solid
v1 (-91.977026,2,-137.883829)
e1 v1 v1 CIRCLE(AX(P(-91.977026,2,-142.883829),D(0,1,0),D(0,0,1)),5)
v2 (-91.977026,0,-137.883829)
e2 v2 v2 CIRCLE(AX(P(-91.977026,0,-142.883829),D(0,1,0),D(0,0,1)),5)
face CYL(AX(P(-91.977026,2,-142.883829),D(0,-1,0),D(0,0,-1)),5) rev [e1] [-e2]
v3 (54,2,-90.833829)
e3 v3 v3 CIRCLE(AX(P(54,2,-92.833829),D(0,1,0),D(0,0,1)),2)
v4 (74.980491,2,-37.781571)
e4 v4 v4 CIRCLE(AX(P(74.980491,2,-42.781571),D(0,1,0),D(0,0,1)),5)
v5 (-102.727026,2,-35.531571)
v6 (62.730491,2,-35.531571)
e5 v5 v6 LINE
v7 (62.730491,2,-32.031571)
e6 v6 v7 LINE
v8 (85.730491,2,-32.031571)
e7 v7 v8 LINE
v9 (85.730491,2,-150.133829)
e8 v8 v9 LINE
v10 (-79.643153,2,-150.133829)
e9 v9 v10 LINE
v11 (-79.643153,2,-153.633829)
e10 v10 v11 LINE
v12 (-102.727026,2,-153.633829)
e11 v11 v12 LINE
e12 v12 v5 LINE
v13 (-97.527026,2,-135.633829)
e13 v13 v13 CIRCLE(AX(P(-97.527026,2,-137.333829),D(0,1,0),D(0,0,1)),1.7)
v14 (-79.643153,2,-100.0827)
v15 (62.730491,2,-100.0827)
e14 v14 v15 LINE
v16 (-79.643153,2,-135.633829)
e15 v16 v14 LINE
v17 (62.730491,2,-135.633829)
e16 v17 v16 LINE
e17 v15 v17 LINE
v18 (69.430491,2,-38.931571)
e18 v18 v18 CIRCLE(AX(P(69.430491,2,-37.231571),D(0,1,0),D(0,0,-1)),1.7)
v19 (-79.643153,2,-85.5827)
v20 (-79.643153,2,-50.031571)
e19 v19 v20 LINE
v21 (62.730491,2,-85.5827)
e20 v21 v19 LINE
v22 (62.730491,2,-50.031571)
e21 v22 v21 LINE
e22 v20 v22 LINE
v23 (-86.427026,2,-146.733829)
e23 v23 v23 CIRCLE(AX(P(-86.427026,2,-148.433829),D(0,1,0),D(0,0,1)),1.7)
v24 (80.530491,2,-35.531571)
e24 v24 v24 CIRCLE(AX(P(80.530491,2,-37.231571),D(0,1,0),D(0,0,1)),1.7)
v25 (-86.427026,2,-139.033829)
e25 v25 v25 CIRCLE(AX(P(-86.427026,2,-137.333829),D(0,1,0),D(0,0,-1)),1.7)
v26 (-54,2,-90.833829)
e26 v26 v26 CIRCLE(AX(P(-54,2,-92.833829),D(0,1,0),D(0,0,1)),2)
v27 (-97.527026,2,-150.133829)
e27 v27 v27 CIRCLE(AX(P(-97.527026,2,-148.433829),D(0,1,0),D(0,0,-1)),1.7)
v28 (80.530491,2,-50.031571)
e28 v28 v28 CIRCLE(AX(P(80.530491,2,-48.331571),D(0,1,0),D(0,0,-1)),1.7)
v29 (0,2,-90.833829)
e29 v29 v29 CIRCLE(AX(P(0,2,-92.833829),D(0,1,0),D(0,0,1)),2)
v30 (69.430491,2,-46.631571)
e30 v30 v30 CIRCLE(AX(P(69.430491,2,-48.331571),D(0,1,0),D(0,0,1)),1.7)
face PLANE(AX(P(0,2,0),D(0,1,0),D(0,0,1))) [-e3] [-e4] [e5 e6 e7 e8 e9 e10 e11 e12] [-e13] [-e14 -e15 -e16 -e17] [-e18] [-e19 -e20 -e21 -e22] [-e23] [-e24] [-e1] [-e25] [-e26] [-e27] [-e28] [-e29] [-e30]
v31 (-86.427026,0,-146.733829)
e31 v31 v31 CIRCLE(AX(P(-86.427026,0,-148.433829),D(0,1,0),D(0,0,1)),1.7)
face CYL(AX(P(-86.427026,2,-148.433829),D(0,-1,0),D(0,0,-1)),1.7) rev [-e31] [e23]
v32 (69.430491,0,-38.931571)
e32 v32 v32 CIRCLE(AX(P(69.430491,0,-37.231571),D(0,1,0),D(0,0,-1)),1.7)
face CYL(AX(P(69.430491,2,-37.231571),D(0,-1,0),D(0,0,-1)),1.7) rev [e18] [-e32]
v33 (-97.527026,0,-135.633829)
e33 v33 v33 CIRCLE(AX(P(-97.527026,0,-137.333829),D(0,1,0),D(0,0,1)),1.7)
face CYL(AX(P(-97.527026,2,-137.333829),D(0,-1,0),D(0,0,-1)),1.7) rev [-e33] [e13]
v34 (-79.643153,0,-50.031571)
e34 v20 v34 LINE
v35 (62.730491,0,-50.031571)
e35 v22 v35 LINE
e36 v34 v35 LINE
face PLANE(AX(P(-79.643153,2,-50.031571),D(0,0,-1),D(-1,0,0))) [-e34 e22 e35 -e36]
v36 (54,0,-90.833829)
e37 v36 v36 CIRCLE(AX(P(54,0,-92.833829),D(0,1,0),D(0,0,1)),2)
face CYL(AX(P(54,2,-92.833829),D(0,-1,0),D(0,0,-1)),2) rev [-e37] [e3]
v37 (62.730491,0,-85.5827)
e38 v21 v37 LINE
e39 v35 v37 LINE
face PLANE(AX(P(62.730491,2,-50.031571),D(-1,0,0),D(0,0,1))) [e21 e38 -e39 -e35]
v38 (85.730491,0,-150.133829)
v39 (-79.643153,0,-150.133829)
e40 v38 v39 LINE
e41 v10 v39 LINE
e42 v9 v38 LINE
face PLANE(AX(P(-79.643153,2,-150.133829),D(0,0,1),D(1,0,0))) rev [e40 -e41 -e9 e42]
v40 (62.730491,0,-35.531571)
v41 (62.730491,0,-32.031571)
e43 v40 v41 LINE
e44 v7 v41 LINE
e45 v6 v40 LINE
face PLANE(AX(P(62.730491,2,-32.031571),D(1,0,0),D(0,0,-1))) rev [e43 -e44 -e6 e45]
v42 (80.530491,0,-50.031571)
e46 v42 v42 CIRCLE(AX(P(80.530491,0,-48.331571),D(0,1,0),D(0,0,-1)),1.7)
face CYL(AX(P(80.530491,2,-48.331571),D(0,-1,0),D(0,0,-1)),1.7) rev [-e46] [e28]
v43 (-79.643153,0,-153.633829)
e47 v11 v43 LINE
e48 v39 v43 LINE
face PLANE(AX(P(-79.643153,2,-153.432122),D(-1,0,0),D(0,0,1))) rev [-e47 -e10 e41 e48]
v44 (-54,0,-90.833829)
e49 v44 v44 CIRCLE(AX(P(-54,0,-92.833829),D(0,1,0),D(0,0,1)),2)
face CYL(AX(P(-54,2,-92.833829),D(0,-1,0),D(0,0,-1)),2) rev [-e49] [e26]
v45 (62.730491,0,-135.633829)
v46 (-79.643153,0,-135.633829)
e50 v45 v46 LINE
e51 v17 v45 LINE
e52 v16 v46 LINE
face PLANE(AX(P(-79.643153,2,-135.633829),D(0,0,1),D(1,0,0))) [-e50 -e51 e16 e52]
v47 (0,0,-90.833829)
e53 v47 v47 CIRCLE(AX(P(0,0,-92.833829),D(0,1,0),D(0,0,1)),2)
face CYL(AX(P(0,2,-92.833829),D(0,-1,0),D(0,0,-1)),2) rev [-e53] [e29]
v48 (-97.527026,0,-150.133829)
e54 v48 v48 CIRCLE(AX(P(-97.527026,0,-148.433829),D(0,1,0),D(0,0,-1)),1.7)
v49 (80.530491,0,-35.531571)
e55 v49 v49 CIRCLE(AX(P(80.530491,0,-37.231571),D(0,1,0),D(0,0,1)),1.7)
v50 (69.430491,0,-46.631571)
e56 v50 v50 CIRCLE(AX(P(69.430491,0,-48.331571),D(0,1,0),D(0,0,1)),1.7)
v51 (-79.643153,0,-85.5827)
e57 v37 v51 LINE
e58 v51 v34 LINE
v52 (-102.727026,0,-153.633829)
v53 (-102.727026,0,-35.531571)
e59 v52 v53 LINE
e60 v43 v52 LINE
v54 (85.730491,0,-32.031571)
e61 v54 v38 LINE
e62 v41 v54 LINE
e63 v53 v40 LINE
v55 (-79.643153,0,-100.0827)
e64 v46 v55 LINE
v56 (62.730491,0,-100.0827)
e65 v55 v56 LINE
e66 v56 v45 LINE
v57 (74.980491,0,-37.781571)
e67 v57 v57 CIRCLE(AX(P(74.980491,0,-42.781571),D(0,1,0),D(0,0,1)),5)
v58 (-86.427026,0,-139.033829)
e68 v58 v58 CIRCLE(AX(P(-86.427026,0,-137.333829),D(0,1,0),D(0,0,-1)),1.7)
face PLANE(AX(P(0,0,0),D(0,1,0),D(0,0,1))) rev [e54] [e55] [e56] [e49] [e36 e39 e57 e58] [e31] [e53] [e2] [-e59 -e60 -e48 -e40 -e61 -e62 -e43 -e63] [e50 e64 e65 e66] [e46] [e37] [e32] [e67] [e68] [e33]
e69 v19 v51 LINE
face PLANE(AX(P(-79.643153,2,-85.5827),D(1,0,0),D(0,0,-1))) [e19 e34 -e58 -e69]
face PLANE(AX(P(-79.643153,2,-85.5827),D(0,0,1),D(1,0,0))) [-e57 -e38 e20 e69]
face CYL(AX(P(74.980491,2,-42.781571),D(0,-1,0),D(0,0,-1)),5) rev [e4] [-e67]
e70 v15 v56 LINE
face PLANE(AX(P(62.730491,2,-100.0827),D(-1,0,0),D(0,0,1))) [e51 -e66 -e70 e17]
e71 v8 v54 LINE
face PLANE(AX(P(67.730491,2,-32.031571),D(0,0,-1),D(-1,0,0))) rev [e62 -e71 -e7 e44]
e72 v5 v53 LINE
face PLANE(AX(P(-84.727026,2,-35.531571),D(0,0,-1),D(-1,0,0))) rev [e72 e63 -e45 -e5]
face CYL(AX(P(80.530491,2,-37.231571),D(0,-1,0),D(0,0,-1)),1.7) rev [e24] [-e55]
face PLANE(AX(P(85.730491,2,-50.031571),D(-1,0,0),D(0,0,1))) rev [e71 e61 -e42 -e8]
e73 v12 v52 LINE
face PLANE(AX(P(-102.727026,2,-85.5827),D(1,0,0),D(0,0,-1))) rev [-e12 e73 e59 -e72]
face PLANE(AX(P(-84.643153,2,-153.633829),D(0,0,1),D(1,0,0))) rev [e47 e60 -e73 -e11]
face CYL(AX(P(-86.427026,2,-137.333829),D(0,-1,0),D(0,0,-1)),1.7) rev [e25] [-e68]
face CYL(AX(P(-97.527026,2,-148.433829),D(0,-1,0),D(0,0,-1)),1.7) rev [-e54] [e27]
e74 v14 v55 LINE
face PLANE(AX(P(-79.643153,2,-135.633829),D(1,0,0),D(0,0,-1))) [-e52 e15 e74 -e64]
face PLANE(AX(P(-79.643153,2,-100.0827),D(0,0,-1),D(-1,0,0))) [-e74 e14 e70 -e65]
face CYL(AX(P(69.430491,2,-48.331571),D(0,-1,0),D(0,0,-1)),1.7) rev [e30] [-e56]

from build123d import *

# Parameters (mm, degrees)
SKETCH1_R           = 5
SKETCH1_R_2         = 1.7
SKETCH1_R_3         = 2
SKETCH1_W           = 142.3736446
SKETCH1_H           = 35.551129401
SKETCH1_H_2         = 35.551129402
BOSS_EXTRUDE1_DEPTH = 2


with BuildPart() as part:
    # Sketch1 → Boss-Extrude1 (new body)
    with BuildSketch(Plane(origin=(0, 0, 0), x_dir=(1, 0, 0), z_dir=(0, 1, 0))):
        Polygon((67.730491212, 150.133829438), (82.230491212, 150.133829438), (85.730491212, 150.133829438), (85.730491212, 100.082700036), (85.730491212, 85.582700036), (85.730491212, 50.031570635), (85.730491212, 32.031570635), (67.730491212, 32.031570635), (62.730491212, 32.031570635), (62.730491212, 35.531570635), (-84.727026002, 35.531570635), (-99.227026002, 35.531570635), (-102.727026002, 35.531570635), (-102.727026002, 85.582700036), (-102.727026002, 92.832700036), (-102.727026002, 98.923608877), (-102.727026002, 100.082700036), (-102.727026002, 153.633829438), (-84.643153388, 153.633829438), (-79.643153388, 153.633829438), (-79.643153388, 153.432122466), (-79.643153388, 150.133829438), align=None)
        with Locations((-91.977026002, 142.883829438)):
            Circle(SKETCH1_R, mode=Mode.SUBTRACT)
        with Locations((74.980491212, 42.781570635)):
            Circle(SKETCH1_R, mode=Mode.SUBTRACT)
        with Locations((-86.427026002, 148.433829438)):
            Circle(SKETCH1_R_2, mode=Mode.SUBTRACT)
        with Locations((-97.527026002, 148.433829438)):
            Circle(SKETCH1_R_2, mode=Mode.SUBTRACT)
        with Locations((-86.427026002, 137.333829438)):
            Circle(SKETCH1_R_2, mode=Mode.SUBTRACT)
        with Locations((-97.527026002, 137.333829438)):
            Circle(SKETCH1_R_2, mode=Mode.SUBTRACT)
        with Locations((69.430491212, 48.331570635)):
            Circle(SKETCH1_R_2, mode=Mode.SUBTRACT)
        with Locations((80.530491212, 48.331570635)):
            Circle(SKETCH1_R_2, mode=Mode.SUBTRACT)
        with Locations((80.530491212, 37.231570635)):
            Circle(SKETCH1_R_2, mode=Mode.SUBTRACT)
        with Locations((69.430491212, 37.231570635)):
            Circle(SKETCH1_R_2, mode=Mode.SUBTRACT)
        with Locations((-54, 92.833829438)):
            Circle(SKETCH1_R_3, mode=Mode.SUBTRACT)
        with Locations((0, 92.833829438)):
            Circle(SKETCH1_R_3, mode=Mode.SUBTRACT)
        with Locations((54, 92.833829438)):
            Circle(SKETCH1_R_3, mode=Mode.SUBTRACT)
        with Locations((-8.456331088, 67.807135336)):
            Rectangle(SKETCH1_W, SKETCH1_H, mode=Mode.SUBTRACT)
        with Locations((-8.456331088, 117.858264737)):
            Rectangle(SKETCH1_W, SKETCH1_H_2, mode=Mode.SUBTRACT)
    extrude(amount=BOSS_EXTRUDE1_DEPTH)


solid = part.part
